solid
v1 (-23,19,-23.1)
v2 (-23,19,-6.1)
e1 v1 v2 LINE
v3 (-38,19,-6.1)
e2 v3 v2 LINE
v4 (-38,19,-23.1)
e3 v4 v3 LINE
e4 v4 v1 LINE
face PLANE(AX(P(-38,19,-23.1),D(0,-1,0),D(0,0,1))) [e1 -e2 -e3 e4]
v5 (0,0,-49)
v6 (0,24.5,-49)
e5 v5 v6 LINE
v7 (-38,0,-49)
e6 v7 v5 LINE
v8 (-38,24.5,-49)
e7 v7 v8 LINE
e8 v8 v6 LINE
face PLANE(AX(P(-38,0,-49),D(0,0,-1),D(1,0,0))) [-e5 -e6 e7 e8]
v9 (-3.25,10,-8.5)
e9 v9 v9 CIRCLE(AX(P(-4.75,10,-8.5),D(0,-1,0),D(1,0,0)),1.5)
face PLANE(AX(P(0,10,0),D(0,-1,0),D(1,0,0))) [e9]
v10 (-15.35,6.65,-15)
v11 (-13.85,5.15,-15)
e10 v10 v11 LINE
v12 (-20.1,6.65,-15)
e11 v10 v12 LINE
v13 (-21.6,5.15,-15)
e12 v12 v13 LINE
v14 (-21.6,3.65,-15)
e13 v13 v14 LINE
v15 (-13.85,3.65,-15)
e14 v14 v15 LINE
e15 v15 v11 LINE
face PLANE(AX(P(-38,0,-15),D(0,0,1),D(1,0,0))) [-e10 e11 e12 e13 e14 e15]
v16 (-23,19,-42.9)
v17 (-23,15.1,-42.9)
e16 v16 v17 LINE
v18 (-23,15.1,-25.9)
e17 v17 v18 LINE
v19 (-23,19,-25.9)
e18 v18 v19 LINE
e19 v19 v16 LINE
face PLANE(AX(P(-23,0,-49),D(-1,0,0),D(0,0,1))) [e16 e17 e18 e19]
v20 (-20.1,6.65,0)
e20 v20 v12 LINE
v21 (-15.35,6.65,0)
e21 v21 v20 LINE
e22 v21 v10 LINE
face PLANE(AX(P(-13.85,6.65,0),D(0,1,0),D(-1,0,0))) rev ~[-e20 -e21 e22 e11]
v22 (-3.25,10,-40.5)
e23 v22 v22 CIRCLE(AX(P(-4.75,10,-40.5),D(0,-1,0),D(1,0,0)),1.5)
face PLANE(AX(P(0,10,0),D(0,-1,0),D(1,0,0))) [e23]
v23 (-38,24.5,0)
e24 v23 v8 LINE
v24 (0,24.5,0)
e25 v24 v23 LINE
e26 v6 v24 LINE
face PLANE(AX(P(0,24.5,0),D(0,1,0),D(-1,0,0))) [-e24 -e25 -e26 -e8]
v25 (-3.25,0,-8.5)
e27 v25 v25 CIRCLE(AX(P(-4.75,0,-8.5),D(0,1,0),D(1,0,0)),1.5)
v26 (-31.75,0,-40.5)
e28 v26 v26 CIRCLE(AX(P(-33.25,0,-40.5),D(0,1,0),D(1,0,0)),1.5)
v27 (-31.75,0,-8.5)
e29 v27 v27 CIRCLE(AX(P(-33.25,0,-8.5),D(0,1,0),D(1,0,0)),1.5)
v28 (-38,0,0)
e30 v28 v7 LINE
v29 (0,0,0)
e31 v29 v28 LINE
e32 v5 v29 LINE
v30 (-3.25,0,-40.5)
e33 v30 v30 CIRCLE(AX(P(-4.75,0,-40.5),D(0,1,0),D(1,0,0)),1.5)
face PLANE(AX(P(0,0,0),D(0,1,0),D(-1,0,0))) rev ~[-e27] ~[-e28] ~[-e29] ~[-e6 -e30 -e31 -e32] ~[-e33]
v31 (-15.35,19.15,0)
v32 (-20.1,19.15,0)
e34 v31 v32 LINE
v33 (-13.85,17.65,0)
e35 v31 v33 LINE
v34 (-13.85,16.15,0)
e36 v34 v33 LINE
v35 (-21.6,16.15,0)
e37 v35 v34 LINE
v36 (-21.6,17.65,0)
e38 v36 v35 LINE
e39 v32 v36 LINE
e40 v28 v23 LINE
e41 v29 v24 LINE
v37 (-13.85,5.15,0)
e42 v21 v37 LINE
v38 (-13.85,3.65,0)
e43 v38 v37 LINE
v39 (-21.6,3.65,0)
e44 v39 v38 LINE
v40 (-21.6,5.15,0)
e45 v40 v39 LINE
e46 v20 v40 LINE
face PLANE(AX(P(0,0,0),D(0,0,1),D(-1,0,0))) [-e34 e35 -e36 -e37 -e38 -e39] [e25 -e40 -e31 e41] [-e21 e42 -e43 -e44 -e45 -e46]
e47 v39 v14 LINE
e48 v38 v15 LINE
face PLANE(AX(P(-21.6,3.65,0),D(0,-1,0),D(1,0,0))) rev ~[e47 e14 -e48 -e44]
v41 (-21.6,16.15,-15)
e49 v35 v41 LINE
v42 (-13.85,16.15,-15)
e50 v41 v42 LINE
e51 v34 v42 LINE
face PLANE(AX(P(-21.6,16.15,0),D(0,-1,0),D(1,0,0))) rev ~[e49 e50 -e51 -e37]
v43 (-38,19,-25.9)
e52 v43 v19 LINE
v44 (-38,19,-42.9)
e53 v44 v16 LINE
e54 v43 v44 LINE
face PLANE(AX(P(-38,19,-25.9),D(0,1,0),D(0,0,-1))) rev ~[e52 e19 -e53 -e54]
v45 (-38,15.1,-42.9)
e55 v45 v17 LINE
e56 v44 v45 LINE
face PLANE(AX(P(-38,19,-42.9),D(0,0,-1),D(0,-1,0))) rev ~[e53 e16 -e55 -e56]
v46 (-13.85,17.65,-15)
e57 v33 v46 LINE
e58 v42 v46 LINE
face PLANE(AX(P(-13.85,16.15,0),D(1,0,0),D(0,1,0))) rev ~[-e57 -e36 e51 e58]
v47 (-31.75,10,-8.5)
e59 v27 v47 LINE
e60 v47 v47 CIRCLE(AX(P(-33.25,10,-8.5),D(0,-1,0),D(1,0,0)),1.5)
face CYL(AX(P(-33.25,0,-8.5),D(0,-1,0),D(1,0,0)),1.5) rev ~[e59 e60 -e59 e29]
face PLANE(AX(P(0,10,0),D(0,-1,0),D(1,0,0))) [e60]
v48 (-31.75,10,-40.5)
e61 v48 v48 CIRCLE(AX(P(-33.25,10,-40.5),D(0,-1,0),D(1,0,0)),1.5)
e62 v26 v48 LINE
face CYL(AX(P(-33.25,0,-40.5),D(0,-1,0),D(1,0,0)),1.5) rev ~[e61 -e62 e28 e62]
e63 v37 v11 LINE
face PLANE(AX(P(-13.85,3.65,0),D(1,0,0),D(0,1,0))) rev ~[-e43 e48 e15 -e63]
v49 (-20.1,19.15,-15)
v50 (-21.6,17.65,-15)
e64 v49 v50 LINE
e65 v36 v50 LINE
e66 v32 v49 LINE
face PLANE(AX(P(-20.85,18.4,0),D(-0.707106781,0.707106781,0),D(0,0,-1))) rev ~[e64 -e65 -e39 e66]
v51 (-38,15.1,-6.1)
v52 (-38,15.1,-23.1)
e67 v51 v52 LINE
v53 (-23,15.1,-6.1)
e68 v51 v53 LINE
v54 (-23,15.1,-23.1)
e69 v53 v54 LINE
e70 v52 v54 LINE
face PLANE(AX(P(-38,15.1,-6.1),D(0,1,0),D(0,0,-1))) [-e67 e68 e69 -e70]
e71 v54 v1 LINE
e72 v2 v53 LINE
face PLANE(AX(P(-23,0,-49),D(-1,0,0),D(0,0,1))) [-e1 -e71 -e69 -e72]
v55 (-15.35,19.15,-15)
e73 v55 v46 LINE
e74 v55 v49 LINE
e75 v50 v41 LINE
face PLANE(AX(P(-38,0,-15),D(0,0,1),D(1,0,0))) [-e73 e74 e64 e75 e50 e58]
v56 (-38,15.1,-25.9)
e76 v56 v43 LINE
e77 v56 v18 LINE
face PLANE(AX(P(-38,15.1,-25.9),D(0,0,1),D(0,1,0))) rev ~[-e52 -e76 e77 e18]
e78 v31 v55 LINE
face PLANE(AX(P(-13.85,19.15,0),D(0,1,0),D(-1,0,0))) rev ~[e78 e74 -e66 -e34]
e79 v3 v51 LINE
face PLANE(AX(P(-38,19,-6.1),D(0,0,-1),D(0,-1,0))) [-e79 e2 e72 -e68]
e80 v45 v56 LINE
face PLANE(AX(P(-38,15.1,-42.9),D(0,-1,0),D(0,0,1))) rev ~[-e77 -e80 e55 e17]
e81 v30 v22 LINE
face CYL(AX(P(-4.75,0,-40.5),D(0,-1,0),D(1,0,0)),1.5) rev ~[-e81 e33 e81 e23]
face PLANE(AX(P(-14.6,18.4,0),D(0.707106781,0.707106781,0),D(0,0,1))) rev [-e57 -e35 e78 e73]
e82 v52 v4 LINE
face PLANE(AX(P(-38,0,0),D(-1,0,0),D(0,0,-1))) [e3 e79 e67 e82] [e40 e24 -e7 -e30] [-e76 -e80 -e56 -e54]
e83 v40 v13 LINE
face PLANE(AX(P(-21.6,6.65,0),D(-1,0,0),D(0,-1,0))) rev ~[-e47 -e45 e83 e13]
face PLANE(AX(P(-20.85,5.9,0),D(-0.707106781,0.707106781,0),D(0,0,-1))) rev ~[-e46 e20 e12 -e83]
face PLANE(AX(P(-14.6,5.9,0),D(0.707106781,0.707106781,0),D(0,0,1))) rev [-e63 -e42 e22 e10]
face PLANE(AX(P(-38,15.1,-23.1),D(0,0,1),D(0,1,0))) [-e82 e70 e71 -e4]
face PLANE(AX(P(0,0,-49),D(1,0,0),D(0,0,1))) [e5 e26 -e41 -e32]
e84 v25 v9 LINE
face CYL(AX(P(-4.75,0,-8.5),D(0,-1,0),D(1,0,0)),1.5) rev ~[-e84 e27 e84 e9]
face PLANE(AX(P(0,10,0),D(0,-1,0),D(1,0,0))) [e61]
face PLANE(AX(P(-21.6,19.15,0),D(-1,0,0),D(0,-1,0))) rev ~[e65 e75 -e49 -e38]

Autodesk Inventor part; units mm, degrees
ref_plane "YZ Plane" through (0, 0, 0) normal (1, 0, 0) x (0, 1, 0)
ref_plane "XZ Plane" through (0, 0, 0) normal (0, 1, 0) x (-1, 0, 0)
ref_plane "XY Plane" through (0, 0, 0) normal (0, 0, 1) x (1, 0, 0)
sketch "Sketch1" plane through (0, 0, 0) normal (0, 1, 0) x (-1, 0, 0)
  line L0 (0, 0) -> (38, 0)
  line L1 (38, 0) -> (38, -49)
  line L2 (38, -49) -> (0, -49)
  line L3 (0, -49) -> (0, 0)
  dimension "d0" = 38
  dimension "d1" = 49
extrude "Extrusion1" add sketch "Sketch1" along normal blind 24.5
sketch "Sketch3" plane through (-38, 0, -49) normal (-1, 0, 0) x (0, 0, 1)
  line L0 (0, 0) -> (0, 24.5) projected
  line L1 (0, 0) -> (0, 15.1)
  line L2 (0, 15.1) -> (6.1, 15.1)
  line L3 (6.1, 15.1) -> (23.1, 15.1)
  line L4 (23.1, 15.1) -> (23.1, 19)
  line L5 (23.1, 19) -> (6.1, 19)
  line L6 (6.1, 19) -> (6.1, 15.1)
  line L7 (0, 0) -> (49, 0) projected
  line L8 (0, 0) -> (49, 0)
  line L9 (24.5, 0) -> (24.5, -2.7502)
  line L10 (49, 15.1) -> (42.9, 15.1)
  line L11 (42.9, 15.1) -> (25.9, 15.1)
  line L12 (25.9, 15.1) -> (25.9, 19)
  line L13 (25.9, 19) -> (42.9, 19)
  line L14 (42.9, 19) -> (42.9, 15.1)
  dimension "d8" = 15.1
  dimension "d9" = 6.1
  dimension "d10" = 17
  dimension "d11" = 3.9
extrude "Extrusion2" cut sketch "Sketch3" against normal blind 15
sketch "Sketch4" plane through (-38, 0, 0) normal (0, 0, 1) x (1, 0, 0)
  line L0 (0, 0) -> (0, 24.5) projected
  line L1 (0, 24.5) -> (16.4, 24.5)
  line L2 (0, 24.5) -> (38, 24.5) projected
  line L3 (16.4, 24.5) -> (16.4, 16.15)
  line L4 (16.4, 16.15) -> (24.15, 16.15)
  line L5 (24.15, 16.15) -> (24.15, 19.15)
  line L6 (24.15, 19.15) -> (16.4, 19.15)
  line L7 (16.4, 19.15) -> (16.4, 16.15)
  line L8 (16.4, 16.15) -> (16.4, 3.65)
  line L9 (16.4, 3.65) -> (24.15, 3.65)
  line L10 (24.15, 3.65) -> (24.15, 6.65)
  line L11 (24.15, 6.65) -> (16.4, 6.65)
  line L12 (16.4, 6.65) -> (16.4, 3.65)
  point P0 (38, 0)
  point P1 (16.4, 6.65)
  point P2 (16.4, 19.15)
  dimension "d14" = 16.4
  dimension "d15" = 8.35
  dimension "d16" = 7.75
  dimension "d17" = 3
  dimension "d18" = 12.5
  dimension "d19" = 7.75
  dimension "d20" = 3
extrude "Extrusion3" cut sketch "Sketch4" against normal blind 15
chamfer "Chamfer1" distance 1.5 angle 45 4 edges at (-13.85, 19.15, -7.5) (-13.85, 6.65, -7.5) (-21.6, 19.15, -7.5) (-21.6, 6.65, -7.5)
sketch "Sketch5" plane through (0, 0, 0) normal (0, -1, 0) x (1, 0, 0)
  line L0 (-38, 0) -> (0, 0) projected
  line L1 (0, 0) -> (-4.75, 0)
  line L2 (-4.75, 0) -> (-4.75, -8.5)
  line L3 (-4.75, -8.5) -> (-4.75, -40.5)
  line L4 (-4.75, -40.5) -> (-33.25, -40.5)
  line L5 (-33.25, -40.5) -> (-33.25, -8.5)
  line L6 (-38, -6.1) -> (-23, -6.1) projected
  circle A0 centre (-33.25, -40.5) radius 1.5
  circle A1 centre (-4.75, -40.5) radius 1.5
  circle A2 centre (-4.75, -8.5) radius 1.5
  circle A3 centre (-33.25, -8.5) radius 1.5
  dimension "d26" = 4.75
  dimension "d27" = 8.5
  dimension "d28" = 32
  dimension "d29" = 28.5
  dimension "d30" = 3
  dimension "d31" = 3
  dimension "d32" = 3
  dimension "d33" = 3
extrude "Extrusion4" cut sketch "Sketch5" against normal blind 10
properties part number "Contactile Communication Hub"
